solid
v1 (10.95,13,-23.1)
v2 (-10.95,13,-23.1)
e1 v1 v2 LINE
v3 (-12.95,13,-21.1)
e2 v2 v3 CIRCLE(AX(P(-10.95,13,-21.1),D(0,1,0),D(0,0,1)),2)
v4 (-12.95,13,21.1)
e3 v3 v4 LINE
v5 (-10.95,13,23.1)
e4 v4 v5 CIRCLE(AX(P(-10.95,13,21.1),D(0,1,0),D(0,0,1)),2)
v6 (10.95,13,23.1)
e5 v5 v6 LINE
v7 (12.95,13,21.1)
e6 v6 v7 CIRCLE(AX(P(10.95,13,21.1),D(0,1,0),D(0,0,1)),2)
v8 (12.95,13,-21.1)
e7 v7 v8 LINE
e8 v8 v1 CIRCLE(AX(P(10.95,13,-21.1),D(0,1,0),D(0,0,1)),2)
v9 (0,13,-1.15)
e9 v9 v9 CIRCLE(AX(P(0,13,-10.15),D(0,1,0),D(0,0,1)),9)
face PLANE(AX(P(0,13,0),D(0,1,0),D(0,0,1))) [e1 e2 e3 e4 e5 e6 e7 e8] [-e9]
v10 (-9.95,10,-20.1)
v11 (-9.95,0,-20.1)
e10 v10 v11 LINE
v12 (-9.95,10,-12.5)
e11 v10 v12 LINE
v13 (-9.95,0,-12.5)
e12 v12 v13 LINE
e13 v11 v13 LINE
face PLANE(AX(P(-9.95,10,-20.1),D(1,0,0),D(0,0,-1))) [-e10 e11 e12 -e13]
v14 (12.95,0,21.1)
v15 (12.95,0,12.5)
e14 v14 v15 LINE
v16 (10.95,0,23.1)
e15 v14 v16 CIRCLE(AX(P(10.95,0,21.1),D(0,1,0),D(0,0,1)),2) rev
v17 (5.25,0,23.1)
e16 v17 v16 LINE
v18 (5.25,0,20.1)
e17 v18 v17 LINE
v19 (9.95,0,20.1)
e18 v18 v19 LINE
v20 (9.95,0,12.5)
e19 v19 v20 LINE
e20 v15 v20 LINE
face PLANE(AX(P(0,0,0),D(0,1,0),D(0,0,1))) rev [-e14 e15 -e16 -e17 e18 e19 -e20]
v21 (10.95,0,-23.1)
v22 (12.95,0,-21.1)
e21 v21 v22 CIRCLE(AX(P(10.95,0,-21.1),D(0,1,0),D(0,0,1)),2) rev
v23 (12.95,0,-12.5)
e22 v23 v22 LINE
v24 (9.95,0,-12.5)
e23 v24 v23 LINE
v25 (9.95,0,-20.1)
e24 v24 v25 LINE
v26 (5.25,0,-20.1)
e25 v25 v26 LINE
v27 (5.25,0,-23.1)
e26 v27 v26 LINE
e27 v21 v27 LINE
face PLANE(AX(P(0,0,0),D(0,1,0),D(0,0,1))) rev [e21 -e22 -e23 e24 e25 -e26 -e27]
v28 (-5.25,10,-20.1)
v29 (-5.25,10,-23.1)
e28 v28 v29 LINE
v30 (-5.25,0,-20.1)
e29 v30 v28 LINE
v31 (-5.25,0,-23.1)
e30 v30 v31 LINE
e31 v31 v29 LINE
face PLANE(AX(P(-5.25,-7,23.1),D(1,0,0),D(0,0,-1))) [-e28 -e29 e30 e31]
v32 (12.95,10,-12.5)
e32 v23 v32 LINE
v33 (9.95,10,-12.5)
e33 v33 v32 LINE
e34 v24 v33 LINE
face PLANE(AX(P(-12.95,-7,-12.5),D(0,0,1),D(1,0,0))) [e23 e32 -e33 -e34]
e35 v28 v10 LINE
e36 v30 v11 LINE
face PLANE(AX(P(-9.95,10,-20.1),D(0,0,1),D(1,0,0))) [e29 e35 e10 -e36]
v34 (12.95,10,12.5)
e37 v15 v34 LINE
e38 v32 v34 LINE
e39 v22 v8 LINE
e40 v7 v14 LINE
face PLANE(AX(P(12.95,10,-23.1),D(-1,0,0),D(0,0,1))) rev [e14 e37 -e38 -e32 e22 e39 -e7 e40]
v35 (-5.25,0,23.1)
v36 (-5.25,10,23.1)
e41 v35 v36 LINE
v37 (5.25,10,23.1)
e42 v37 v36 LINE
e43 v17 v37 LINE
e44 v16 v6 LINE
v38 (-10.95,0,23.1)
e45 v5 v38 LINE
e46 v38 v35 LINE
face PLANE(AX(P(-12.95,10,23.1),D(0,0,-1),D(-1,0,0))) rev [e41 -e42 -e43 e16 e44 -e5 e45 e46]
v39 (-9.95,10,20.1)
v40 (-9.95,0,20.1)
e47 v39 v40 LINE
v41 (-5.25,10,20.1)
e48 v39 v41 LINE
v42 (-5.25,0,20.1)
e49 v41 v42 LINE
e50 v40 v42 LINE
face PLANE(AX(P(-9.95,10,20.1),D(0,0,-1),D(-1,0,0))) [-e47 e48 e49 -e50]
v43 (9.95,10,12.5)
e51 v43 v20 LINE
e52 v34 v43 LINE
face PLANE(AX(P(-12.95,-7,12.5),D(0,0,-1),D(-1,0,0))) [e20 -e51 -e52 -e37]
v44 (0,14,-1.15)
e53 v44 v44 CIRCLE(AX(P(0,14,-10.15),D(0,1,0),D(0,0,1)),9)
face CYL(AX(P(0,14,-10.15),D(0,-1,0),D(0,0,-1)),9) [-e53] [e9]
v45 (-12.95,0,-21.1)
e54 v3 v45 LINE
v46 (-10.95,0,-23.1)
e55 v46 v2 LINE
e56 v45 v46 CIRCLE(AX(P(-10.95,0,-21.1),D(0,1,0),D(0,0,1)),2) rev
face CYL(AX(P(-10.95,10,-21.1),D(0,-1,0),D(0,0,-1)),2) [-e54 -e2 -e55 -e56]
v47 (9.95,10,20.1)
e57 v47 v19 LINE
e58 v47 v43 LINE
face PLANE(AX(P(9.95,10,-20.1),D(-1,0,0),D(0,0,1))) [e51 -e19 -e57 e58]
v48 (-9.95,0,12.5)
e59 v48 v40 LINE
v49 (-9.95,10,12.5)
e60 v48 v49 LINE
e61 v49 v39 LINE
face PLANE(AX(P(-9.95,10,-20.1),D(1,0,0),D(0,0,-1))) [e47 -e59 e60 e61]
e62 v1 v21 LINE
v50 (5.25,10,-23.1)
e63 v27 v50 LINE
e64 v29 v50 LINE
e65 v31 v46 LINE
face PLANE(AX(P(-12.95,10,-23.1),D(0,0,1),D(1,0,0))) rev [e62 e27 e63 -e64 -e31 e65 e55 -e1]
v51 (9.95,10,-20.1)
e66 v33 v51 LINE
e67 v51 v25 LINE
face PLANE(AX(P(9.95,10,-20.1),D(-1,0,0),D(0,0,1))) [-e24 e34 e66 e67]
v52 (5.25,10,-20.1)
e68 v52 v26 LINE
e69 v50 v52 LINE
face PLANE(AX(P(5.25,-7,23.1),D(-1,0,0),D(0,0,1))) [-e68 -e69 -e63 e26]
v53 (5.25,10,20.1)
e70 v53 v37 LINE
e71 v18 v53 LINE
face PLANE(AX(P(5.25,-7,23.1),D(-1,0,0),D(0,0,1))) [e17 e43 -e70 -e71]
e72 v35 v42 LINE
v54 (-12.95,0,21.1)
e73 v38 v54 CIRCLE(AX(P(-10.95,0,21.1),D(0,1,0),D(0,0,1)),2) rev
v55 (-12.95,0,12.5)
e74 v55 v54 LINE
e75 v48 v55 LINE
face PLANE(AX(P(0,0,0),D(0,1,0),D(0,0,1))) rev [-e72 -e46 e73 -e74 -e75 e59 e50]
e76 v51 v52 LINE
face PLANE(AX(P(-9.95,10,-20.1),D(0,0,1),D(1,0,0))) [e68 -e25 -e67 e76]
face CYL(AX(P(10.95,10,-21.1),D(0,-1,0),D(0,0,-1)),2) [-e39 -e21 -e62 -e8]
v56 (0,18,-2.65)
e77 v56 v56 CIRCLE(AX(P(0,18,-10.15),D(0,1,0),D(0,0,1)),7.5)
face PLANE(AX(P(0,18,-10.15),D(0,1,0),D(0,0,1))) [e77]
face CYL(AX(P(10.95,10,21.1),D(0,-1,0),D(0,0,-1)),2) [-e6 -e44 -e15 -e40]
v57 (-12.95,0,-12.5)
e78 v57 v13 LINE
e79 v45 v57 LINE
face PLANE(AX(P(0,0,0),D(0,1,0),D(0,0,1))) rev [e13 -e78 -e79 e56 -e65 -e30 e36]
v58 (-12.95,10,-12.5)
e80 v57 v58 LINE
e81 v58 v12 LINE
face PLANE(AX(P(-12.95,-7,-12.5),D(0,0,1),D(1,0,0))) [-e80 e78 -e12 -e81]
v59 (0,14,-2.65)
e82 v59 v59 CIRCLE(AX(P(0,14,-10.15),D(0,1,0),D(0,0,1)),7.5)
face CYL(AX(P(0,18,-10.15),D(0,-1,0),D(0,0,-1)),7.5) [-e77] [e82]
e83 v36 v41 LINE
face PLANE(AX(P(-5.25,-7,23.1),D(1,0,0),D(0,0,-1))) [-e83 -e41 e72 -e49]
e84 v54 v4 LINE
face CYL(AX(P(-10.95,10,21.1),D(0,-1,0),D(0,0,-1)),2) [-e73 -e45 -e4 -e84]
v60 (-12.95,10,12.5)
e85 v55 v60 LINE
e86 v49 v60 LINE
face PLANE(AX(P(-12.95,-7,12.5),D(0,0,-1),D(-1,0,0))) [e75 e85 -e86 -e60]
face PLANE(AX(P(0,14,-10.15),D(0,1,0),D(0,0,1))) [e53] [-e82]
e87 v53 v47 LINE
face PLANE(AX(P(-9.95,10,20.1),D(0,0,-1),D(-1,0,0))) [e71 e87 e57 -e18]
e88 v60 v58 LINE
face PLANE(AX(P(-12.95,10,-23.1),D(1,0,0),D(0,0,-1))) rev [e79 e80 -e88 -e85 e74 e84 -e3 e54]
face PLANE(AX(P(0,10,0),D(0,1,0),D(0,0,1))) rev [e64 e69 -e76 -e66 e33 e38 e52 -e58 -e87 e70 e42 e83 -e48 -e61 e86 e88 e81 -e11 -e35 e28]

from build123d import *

# Parameters (mm, degrees)
CROQUIS1_W              = 25.9
CROQUIS1_H              = 46.2
CROQUIS1_W_2            = 19.9
CROQUIS1_H_2            = 40.2
SALIENTE_EXTRUIR1_DEPTH = 10
CROQUIS2_W              = 25.9
CROQUIS2_H              = 46.2
SALIENTE_EXTRUIR2_DEPTH = 3
CROQUIS3_W              = 10.5
CROQUIS3_H              = 46.2
CORTAR_EXTRUIR1_DEPTH   = 17
CROQUIS4_W              = 25.9
CROQUIS4_H              = 25
CORTAR_EXTRUIR2_DEPTH   = 17
CROQUIS5_R              = 7.5
SALIENTE_EXTRUIR3_DEPTH = 5
CROQUIS6_R              = 9
SALIENTE_EXTRUIR4_DEPTH = 1
REDONDEO1_R             = 2


with BuildPart() as part:
    # Croquis1 → Saliente-Extruir1 (new body)
    with BuildSketch(Plane(origin=(0, 0, 0), x_dir=(1, 0, 0), z_dir=(0, 1, 0))):
        Rectangle(CROQUIS1_W, CROQUIS1_H)
        Rectangle(CROQUIS1_W_2, CROQUIS1_H_2, mode=Mode.SUBTRACT)
    extrude(amount=SALIENTE_EXTRUIR1_DEPTH)

    # Croquis2 → Saliente-Extruir2 (add)
    with BuildSketch(Plane(origin=(0, 10, 0), x_dir=(1, 0, 0), z_dir=(0, 1, 0))):
        Rectangle(CROQUIS2_W, CROQUIS2_H)
    extrude(amount=SALIENTE_EXTRUIR2_DEPTH)

    # Croquis3 → Cortar-Extruir1 (cut)
    with BuildSketch(Plane.XZ.offset(-10)):
        Rectangle(CROQUIS3_W, CROQUIS3_H)
    extrude(amount=CORTAR_EXTRUIR1_DEPTH, mode=Mode.SUBTRACT)

    # Croquis4 → Cortar-Extruir2 (cut)
    with BuildSketch(Plane.XZ.offset(-10)):
        Rectangle(CROQUIS4_W, CROQUIS4_H)
    extrude(amount=CORTAR_EXTRUIR2_DEPTH, mode=Mode.SUBTRACT)

    # Croquis5 → Saliente-Extruir3 (add)
    with BuildSketch(Plane(origin=(0, 13, 0), x_dir=(1, 0, 0), z_dir=(0, 1, 0))):
        with Locations((0, 10.15)):
            Circle(CROQUIS5_R)
    extrude(amount=SALIENTE_EXTRUIR3_DEPTH)

    # Croquis6 → Saliente-Extruir4 (add)
    with BuildSketch(Plane(origin=(0, 13, 0), x_dir=(1, 0, 0), z_dir=(0, 1, 0))):
        with Locations((0, 10.15)):
            Circle(CROQUIS6_R)
    extrude(amount=SALIENTE_EXTRUIR4_DEPTH)

    # Redondeo1
    redondeo1_edges = [part.edges().sort_by_distance(p)[0] for p in [
        (12.95, 6.5, 23.1),
        (-12.95, 6.5, 23.1),
        (-12.95, 6.5, -23.1),
        (12.95, 6.5, -23.1),
    ]]
    fillet(redondeo1_edges, radius=REDONDEO1_R)


solid = part.part
